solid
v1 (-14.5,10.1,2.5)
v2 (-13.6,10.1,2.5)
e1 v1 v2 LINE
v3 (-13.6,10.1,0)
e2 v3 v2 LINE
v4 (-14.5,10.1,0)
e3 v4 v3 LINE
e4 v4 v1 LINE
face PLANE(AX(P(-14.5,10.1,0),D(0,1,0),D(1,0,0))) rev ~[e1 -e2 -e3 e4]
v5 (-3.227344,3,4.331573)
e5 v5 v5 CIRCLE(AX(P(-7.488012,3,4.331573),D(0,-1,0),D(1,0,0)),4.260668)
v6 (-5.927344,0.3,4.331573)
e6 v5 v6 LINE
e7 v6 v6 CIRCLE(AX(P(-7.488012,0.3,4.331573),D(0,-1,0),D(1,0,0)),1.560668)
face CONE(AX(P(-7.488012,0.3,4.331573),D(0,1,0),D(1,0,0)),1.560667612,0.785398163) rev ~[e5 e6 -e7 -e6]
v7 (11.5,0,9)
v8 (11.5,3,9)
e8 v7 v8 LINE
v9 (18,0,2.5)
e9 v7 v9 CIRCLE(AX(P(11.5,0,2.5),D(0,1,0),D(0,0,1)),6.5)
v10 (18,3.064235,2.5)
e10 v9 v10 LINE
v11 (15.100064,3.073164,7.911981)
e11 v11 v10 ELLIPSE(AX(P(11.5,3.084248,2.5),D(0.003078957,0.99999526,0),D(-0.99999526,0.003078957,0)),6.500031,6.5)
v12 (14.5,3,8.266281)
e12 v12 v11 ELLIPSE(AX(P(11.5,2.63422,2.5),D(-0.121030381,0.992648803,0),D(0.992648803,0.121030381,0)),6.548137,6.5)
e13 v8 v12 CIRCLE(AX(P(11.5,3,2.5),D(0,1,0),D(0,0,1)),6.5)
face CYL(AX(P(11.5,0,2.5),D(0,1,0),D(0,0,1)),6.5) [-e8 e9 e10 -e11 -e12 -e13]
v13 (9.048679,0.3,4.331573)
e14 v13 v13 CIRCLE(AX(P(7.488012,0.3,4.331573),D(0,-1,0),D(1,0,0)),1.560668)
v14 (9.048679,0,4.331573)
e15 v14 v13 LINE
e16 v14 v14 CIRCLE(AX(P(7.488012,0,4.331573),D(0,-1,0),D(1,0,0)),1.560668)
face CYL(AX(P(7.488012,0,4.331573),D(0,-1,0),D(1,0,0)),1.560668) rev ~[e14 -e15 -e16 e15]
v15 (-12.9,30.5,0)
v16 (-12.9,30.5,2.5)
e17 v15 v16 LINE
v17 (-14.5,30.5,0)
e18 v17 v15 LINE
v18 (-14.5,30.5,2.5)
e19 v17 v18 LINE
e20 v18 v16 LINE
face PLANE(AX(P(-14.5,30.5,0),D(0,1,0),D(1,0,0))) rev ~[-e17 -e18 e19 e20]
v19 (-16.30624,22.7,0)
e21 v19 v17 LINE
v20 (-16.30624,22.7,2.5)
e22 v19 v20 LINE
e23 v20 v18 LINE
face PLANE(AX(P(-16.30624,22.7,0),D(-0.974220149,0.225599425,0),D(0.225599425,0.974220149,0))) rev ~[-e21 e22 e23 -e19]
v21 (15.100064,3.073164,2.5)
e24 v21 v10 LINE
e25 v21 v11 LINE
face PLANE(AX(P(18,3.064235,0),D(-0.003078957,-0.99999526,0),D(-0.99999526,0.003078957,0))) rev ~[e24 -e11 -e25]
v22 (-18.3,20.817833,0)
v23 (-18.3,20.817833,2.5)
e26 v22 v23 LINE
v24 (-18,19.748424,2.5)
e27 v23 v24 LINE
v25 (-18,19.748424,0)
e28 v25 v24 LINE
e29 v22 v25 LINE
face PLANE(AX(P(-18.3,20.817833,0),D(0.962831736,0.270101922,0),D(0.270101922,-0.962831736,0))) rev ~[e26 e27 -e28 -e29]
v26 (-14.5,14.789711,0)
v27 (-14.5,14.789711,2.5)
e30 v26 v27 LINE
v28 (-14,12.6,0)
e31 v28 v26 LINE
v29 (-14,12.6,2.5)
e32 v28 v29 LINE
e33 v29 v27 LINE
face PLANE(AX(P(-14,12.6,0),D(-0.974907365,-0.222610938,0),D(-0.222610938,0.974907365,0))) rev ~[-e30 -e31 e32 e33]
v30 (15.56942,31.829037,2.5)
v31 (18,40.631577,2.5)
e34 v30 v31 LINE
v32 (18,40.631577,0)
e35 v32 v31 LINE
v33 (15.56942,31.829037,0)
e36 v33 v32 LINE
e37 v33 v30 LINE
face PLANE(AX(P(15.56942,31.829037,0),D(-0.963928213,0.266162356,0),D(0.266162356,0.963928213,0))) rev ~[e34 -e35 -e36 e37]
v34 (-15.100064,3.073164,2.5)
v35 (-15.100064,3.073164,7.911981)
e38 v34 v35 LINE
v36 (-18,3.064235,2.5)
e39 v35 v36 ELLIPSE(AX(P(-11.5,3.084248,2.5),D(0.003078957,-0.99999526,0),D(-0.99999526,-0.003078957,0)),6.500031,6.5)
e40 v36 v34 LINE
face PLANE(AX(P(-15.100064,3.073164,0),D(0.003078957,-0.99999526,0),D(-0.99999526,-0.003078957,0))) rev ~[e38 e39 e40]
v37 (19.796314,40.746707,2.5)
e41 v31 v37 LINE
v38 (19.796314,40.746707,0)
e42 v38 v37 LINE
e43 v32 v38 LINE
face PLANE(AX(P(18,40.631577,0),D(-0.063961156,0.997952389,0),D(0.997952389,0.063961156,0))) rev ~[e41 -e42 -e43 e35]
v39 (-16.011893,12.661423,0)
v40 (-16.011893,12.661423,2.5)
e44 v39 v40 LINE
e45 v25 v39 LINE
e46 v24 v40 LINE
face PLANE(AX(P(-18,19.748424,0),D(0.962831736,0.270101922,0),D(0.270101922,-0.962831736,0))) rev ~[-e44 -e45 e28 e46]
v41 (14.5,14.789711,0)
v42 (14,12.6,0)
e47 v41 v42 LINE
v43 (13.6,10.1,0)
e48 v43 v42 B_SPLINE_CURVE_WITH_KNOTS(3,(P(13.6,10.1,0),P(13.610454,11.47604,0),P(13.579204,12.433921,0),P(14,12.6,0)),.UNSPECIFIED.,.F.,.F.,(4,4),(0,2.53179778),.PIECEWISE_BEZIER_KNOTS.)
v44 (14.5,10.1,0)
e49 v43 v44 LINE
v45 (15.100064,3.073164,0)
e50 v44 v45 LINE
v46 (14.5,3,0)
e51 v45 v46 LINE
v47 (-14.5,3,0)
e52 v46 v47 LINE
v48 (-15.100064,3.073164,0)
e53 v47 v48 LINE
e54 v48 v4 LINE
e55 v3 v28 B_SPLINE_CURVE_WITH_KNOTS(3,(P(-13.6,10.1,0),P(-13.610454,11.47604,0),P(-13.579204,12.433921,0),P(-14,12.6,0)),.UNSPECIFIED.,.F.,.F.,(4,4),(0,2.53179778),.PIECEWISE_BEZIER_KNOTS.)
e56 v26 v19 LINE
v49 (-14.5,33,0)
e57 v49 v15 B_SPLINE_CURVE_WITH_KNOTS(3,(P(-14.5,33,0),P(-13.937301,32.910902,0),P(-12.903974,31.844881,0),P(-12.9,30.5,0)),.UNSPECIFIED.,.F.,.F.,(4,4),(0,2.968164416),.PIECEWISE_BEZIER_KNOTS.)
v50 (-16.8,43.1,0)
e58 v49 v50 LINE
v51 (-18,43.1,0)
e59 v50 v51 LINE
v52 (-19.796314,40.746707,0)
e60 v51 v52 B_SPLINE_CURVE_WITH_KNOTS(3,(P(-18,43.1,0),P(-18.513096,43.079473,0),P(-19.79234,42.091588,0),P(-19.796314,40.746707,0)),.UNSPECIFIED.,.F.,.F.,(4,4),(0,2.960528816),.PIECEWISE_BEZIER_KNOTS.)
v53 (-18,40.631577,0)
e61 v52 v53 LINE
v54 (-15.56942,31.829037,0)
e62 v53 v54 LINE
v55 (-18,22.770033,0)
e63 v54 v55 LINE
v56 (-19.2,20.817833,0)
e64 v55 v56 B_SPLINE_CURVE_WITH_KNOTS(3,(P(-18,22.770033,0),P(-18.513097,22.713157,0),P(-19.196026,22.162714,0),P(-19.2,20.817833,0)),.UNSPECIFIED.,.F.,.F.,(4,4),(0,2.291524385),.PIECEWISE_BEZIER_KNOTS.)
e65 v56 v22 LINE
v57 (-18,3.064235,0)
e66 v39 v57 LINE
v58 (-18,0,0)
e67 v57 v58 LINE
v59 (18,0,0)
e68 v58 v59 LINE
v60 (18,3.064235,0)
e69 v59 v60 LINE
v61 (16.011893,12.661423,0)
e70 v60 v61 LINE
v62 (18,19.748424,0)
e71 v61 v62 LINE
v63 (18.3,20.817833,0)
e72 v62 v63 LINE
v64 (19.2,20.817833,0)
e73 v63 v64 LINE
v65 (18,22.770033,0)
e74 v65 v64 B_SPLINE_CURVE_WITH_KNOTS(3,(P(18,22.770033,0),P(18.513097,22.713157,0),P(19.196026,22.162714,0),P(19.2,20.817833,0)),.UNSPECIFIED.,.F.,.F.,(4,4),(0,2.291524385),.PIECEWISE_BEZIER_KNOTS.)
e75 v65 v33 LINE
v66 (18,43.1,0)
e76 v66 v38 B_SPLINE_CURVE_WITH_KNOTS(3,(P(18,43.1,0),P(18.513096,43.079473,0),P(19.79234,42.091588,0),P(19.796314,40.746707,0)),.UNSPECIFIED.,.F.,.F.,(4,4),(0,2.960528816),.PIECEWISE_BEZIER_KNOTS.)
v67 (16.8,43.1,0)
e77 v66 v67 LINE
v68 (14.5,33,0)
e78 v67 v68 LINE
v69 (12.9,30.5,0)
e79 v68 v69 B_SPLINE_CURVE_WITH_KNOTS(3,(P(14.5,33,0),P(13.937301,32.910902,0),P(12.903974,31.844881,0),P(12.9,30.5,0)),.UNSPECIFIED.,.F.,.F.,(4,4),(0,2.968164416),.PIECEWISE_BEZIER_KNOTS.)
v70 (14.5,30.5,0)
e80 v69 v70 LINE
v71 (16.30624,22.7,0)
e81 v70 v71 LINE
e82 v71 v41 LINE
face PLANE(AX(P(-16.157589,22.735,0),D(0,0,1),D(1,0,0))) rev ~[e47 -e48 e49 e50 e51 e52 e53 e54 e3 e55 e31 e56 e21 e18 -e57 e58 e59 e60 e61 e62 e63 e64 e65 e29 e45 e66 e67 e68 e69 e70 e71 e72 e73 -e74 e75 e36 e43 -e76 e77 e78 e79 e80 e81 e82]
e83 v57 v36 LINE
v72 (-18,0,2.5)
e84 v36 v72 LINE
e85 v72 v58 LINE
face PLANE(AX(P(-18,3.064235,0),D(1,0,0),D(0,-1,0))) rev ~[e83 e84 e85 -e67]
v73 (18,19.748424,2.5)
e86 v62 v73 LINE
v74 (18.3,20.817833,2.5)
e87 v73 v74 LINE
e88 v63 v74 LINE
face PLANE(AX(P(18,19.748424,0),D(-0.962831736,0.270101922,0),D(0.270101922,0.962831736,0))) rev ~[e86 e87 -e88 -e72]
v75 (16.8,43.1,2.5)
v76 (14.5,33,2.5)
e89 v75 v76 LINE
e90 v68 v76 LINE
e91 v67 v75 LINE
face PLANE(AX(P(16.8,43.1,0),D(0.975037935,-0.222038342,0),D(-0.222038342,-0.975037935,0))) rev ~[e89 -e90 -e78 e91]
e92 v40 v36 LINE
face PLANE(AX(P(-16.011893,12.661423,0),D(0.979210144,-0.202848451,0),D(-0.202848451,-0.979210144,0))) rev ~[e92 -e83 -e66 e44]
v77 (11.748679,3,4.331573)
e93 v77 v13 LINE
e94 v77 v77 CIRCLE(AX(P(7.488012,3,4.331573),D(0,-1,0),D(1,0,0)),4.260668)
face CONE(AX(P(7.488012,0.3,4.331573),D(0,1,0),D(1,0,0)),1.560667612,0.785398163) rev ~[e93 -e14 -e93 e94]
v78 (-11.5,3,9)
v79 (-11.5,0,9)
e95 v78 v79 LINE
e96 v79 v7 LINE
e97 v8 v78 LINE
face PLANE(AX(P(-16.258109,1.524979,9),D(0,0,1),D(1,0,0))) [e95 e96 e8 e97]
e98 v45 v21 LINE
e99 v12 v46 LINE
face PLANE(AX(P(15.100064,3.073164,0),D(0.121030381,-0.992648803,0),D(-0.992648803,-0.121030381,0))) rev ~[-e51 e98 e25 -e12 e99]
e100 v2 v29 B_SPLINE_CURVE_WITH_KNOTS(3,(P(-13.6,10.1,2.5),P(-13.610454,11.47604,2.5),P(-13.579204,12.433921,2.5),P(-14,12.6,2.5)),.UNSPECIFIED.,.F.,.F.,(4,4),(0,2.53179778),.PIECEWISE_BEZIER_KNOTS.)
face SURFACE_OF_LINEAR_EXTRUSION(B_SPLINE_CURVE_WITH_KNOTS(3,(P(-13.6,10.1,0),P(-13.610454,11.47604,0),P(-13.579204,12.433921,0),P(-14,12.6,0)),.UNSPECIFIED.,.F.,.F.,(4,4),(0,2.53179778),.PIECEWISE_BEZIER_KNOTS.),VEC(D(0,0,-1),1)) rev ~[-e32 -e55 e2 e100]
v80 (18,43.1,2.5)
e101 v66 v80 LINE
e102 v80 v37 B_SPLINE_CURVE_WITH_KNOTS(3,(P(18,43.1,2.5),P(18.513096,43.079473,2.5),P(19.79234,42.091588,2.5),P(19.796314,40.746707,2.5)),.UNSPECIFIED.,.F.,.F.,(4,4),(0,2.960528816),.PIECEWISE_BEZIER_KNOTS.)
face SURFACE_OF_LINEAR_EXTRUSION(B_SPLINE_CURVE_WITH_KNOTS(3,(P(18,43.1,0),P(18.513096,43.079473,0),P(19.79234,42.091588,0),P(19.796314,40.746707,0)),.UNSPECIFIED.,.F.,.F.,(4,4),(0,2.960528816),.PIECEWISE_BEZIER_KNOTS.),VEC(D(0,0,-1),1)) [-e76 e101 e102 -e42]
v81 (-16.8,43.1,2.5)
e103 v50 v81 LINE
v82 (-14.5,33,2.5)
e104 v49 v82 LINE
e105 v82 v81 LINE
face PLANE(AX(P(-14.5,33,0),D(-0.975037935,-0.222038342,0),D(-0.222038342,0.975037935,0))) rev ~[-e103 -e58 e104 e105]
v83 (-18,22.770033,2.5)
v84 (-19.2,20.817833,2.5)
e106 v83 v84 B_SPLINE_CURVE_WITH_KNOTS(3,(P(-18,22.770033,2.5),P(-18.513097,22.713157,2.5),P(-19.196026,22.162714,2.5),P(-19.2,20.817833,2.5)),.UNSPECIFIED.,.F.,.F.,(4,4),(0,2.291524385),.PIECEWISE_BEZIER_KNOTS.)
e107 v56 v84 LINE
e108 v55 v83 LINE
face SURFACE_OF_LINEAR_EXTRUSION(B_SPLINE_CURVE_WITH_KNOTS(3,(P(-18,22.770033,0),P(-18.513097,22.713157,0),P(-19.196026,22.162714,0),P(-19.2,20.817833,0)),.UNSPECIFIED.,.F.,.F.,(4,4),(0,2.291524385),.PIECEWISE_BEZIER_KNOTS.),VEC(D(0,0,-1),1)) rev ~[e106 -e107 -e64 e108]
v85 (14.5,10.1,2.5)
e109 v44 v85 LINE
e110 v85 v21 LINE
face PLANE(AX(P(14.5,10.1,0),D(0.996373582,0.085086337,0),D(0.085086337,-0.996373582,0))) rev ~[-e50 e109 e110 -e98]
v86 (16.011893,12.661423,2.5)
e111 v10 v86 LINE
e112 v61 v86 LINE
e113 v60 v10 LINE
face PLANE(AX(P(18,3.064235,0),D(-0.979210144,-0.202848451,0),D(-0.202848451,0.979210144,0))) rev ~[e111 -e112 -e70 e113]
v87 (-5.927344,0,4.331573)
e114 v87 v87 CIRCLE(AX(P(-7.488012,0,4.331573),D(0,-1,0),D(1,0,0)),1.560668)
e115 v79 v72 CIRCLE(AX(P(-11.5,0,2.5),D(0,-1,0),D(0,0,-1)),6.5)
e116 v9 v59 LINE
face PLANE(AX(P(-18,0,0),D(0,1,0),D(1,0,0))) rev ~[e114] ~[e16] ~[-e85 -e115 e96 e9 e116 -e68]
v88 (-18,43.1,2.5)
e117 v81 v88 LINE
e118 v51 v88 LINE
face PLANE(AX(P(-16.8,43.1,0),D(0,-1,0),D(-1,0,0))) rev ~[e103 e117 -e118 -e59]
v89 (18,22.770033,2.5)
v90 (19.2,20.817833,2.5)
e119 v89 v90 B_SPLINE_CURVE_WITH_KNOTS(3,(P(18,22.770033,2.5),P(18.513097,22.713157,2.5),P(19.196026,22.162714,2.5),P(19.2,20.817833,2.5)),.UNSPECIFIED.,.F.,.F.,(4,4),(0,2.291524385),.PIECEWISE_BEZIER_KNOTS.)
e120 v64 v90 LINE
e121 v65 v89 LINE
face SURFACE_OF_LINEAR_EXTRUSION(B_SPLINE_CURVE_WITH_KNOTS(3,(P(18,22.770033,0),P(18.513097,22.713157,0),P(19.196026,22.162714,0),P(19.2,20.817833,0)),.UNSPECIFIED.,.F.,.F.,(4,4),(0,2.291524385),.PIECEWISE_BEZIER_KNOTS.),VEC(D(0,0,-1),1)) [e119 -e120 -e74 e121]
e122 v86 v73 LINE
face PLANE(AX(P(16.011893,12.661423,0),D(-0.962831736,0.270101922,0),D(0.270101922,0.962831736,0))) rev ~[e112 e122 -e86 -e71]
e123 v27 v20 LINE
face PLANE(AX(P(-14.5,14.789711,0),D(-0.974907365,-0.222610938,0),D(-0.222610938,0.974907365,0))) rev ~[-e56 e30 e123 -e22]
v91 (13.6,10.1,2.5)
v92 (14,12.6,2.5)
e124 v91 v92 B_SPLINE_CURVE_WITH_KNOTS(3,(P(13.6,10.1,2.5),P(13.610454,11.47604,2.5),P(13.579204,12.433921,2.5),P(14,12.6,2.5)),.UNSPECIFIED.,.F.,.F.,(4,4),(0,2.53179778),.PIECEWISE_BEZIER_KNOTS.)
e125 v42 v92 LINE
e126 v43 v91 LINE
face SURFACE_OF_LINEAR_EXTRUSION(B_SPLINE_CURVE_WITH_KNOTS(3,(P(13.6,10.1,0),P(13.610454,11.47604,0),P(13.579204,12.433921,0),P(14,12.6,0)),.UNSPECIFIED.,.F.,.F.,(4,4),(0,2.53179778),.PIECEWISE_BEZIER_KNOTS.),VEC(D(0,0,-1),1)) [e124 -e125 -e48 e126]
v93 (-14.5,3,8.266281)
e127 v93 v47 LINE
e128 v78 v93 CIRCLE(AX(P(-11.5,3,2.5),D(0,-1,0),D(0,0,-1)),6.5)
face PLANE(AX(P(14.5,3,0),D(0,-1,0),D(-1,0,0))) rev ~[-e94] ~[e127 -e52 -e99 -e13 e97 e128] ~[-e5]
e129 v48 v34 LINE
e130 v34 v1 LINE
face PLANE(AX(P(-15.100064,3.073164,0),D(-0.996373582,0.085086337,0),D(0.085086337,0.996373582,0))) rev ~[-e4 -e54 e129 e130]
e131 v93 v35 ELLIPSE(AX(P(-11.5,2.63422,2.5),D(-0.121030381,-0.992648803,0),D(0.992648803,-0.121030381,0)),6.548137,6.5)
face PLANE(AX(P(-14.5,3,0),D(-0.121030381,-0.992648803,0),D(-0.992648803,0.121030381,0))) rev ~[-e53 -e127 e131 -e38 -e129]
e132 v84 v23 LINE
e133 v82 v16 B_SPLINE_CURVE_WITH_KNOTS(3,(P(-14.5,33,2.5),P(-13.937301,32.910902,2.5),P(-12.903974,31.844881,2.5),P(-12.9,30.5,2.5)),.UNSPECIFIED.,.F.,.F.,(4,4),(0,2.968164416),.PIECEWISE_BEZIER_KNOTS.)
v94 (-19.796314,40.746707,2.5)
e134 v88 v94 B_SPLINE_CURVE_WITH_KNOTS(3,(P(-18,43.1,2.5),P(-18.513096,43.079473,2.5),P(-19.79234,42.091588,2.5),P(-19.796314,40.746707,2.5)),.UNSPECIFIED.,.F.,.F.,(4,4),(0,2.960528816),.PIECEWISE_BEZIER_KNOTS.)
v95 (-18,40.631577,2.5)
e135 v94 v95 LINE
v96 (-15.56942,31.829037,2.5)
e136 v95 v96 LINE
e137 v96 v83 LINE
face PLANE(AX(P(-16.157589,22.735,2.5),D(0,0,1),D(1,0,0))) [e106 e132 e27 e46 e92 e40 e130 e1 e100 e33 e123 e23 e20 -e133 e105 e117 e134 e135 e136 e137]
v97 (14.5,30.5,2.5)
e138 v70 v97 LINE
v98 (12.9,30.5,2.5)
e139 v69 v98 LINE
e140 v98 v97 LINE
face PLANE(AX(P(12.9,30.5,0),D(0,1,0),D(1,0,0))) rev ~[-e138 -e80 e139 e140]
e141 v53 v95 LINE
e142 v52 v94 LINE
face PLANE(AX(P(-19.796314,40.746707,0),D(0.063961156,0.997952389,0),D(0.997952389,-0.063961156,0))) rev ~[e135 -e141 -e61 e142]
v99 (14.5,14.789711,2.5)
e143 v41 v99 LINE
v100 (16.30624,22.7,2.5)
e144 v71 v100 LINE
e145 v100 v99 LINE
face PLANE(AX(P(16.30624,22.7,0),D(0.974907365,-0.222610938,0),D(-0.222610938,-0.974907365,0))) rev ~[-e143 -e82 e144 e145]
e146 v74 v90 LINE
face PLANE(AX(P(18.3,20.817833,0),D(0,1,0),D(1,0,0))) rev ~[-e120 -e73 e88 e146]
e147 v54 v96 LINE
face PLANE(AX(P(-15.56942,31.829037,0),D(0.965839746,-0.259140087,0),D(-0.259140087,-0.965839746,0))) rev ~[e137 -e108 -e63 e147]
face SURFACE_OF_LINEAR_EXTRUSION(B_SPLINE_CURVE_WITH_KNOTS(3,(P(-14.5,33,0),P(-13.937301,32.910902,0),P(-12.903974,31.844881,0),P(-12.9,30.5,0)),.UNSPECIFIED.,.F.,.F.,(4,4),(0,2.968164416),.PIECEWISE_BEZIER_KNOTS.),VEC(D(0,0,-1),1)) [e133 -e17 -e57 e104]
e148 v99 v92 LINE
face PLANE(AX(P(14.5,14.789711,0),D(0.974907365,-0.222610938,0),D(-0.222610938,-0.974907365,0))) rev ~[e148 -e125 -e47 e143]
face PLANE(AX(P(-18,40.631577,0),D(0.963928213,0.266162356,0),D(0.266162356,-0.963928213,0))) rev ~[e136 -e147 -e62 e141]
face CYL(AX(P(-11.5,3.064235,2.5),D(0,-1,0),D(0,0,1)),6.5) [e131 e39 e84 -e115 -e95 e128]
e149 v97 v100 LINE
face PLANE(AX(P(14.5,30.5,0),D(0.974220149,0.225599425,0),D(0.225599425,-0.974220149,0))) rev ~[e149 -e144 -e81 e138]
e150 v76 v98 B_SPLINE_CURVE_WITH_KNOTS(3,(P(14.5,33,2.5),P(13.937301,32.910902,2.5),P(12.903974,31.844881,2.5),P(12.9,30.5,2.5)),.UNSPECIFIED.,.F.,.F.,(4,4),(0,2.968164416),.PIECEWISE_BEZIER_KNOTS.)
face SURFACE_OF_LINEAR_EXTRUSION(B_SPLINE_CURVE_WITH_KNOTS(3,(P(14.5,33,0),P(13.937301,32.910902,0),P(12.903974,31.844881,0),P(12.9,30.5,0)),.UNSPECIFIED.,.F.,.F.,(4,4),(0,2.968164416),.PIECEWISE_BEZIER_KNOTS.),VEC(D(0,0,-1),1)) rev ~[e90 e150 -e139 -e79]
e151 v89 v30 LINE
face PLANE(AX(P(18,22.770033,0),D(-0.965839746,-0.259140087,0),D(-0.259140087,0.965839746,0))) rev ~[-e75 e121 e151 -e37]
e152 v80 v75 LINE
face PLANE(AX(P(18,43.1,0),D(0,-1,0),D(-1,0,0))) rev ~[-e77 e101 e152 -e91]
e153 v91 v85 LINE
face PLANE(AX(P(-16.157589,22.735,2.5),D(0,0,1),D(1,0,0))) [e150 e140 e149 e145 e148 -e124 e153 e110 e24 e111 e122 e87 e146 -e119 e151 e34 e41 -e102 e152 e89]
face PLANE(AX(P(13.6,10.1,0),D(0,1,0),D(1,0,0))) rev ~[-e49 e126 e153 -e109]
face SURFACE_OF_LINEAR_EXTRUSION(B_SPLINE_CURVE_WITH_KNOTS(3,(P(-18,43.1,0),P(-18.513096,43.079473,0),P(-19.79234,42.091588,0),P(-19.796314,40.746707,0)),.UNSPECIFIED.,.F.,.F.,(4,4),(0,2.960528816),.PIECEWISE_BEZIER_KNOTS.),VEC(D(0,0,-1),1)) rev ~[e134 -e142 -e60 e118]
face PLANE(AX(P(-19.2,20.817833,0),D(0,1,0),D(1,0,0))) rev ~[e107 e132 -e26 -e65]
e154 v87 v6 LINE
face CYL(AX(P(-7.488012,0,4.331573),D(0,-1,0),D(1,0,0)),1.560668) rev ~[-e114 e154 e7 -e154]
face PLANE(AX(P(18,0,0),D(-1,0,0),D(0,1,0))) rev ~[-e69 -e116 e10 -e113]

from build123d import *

# Parameters (mm, degrees)
F0_W     = 14.5
F0_H     = 3
F1_DEPTH = 2.5
F2_DEPTH = 9
F3_R     = 1.5606676117
F4_DEPTH = 25
F5_SIZE  = 2.7
F6_R     = 6.5


with BuildPart() as f1:
    # F0 (on Top) → F1 (new body)
    with BuildSketch(Plane.XY):
        Polygon((-15.1000638381, 3.0731637962), (-14.5, 10.1), (-14.5, 14.7897112858), (-16.3062401116, 22.7), (-14.5, 30.5), (-14.5, 33), (-16.8, 43.1), (-18, 43.1), (-18, 40.6315773726), (-15.569419682, 31.8290367723), (-18, 22.7700328082), (-18, 19.7484236718), (-16.0118928999, 12.6614226028), (-18, 3.0642349739), align=None)
        with Locations((-7.25, 1.5)):
            Rectangle(F0_W, F0_H)
        Polygon((-18, 0), (-14.5, 0), (-14.5, 3), (-15.1000638381, 3.0731637962), (-18, 3.0642349739), align=None)
        with Locations((7.25, 1.5)):
            Rectangle(F0_W, F0_H)
        Polygon((14.5, 3), (14.5, 0), (18, 0), (18, 3.0642349739), (15.1000638381, 3.0731637962), align=None)
        Polygon((14.5, 14.7897112858), (14.5, 10.1), (15.1000638381, 3.0731637962), (18, 3.0642349739), (16.0118928999, 12.6614226028), (18, 19.7484236718), (18, 22.7700328082), (15.569419682, 31.8290367723), (18, 40.6315773726), (18, 43.1), (16.8, 43.1), (14.5, 33), (14.5, 30.5), (16.3062401116, 22.7), align=None)
        with BuildLine():
            Line((13.6, 10.1), (14.5, 10.1))
            Line((14.5, 10.1), (14.5, 14.7897112858))
            Line((14.5, 14.7897112858), (14, 12.6))
            add(Edge.make_bspline(
                [(13.6, 10.1), (13.6104541942, 11.4760398865), (13.5792037472, 12.4339209869), (14, 12.6)],
                knots=[0, 0, 0, 0, 2.5317977802, 2.5317977802, 2.5317977802, 2.5317977802], degree=3))
        make_face()
        with BuildLine():
            Line((-14.5, 14.7897112858), (-14.5, 10.1))
            Line((-14.5, 10.1), (-13.6, 10.1))
            add(Edge.make_bspline(
                [(-13.6, 10.1), (-13.6104541942, 11.4760398865), (-13.5792037472, 12.4339209869), (-14, 12.6)],
                knots=[0, 0, 0, 0, 2.5317977802, 2.5317977802, 2.5317977802, 2.5317977802], degree=3))
            Line((-14, 12.6), (-14.5, 14.7897112858))
        make_face()
        with BuildLine():
            Line((18, 22.7700328082), (18, 19.7484236718))
            Line((18, 19.7484236718), (18.3, 20.8178330213))
            Line((18.3, 20.8178330213), (19.2, 20.8178330213))
            add(Edge.make_bspline(
                [(18, 22.7700328082), (18.5130968392, 22.7131574929), (19.1960260391, 22.1627136484), (19.2, 20.8178330213)],
                knots=[0, 0, 0, 0, 2.2915243852, 2.2915243852, 2.2915243852, 2.2915243852], degree=3))
        make_face()
        with BuildLine():
            Line((-18.3, 20.8178330213), (-18, 19.7484236718))
            Line((-18, 19.7484236718), (-18, 22.7700328082))
            add(Edge.make_bspline(
                [(-18, 22.7700328082), (-18.5130968392, 22.7131574929), (-19.1960260391, 22.1627136484), (-19.2, 20.8178330213)],
                knots=[0, 0, 0, 0, 2.2915243852, 2.2915243852, 2.2915243852, 2.2915243852], degree=3))
            Line((-19.2, 20.8178330213), (-18.3, 20.8178330213))
        make_face()
        with BuildLine():
            Line((12.9, 30.5), (14.5, 30.5))
            Line((14.5, 30.5), (14.5, 33))
            add(Edge.make_bspline(
                [(14.5, 33), (13.9373009205, 32.9109020531), (12.9039739609, 31.8448806271), (12.9, 30.5)],
                knots=[0, 0, 0, 0, 2.9681644159, 2.9681644159, 2.9681644159, 2.9681644159], degree=3))
        make_face()
        with BuildLine():
            Line((-14.5, 33), (-14.5, 30.5))
            Line((-14.5, 30.5), (-12.9, 30.5))
            add(Edge.make_bspline(
                [(-14.5, 33), (-13.9373009205, 32.9109020531), (-12.9039739609, 31.8448806271), (-12.9, 30.5)],
                knots=[0, 0, 0, 0, 2.9681644159, 2.9681644159, 2.9681644159, 2.9681644159], degree=3))
        make_face()
        with BuildLine():
            Line((-19.7963143, 40.7467074541), (-18, 40.6315773726))
            Line((-18, 40.6315773726), (-18, 43.1))
            add(Edge.make_bspline(
                [(-18, 43.1), (-18.5130959079, 43.0794730783), (-19.7923403391, 42.0915880812), (-19.7963143, 40.7467074541)],
                knots=[0, 0, 0, 0, 2.9605288161, 2.9605288161, 2.9605288161, 2.9605288161], degree=3))
        make_face()
        with BuildLine():
            Line((18, 43.1), (18, 40.6315773726))
            Line((18, 40.6315773726), (19.7963143, 40.7467074541))
            add(Edge.make_bspline(
                [(18, 43.1), (18.5130959079, 43.0794730783), (19.7923403391, 42.0915880812), (19.7963143, 40.7467074541)],
                knots=[0, 0, 0, 0, 2.9605288161, 2.9605288161, 2.9605288161, 2.9605288161], degree=3))
        make_face()
    extrude(amount=F1_DEPTH)

    # F0 (on Top) → F2 (join)
    with BuildSketch(Plane.XY):
        Polygon((-18, 0), (-14.5, 0), (-14.5, 3), (-15.1000638381, 3.0731637962), (-18, 3.0642349739), align=None)
        with Locations((-7.25, 1.5)):
            Rectangle(F0_W, F0_H)
        with Locations((7.25, 1.5)):
            Rectangle(F0_W, F0_H)
        Polygon((14.5, 3), (14.5, 0), (18, 0), (18, 3.0642349739), (15.1000638381, 3.0731637962), align=None)
    extrude(amount=F2_DEPTH)

    # F3 (on Front) → F4 (cut)
    with BuildSketch(Plane.XZ):
        with Locations((7.4880118482, 4.3315729126)):
            Circle(F3_R)
        with Locations((-7.4880118482, 4.3315729126)):
            Circle(F3_R)
    extrude(amount=-F4_DEPTH, mode=Mode.SUBTRACT)

    # F5
    f5_edges = [f1.edges().sort_by_distance(p)[0] for p in [
        (5.927344, 3, 4.331573),
        (-9.048679, 3, 4.331573),
    ]]
    chamfer(f5_edges, length=F5_SIZE)

    # F6
    f6_edges = [f1.edges().sort_by_distance(p)[0] for p in [
        (-18, 1.532117, 9),
        (18, 1.532117, 9),
    ]]
    fillet(f6_edges, radius=F6_R)


solid = f1.part
